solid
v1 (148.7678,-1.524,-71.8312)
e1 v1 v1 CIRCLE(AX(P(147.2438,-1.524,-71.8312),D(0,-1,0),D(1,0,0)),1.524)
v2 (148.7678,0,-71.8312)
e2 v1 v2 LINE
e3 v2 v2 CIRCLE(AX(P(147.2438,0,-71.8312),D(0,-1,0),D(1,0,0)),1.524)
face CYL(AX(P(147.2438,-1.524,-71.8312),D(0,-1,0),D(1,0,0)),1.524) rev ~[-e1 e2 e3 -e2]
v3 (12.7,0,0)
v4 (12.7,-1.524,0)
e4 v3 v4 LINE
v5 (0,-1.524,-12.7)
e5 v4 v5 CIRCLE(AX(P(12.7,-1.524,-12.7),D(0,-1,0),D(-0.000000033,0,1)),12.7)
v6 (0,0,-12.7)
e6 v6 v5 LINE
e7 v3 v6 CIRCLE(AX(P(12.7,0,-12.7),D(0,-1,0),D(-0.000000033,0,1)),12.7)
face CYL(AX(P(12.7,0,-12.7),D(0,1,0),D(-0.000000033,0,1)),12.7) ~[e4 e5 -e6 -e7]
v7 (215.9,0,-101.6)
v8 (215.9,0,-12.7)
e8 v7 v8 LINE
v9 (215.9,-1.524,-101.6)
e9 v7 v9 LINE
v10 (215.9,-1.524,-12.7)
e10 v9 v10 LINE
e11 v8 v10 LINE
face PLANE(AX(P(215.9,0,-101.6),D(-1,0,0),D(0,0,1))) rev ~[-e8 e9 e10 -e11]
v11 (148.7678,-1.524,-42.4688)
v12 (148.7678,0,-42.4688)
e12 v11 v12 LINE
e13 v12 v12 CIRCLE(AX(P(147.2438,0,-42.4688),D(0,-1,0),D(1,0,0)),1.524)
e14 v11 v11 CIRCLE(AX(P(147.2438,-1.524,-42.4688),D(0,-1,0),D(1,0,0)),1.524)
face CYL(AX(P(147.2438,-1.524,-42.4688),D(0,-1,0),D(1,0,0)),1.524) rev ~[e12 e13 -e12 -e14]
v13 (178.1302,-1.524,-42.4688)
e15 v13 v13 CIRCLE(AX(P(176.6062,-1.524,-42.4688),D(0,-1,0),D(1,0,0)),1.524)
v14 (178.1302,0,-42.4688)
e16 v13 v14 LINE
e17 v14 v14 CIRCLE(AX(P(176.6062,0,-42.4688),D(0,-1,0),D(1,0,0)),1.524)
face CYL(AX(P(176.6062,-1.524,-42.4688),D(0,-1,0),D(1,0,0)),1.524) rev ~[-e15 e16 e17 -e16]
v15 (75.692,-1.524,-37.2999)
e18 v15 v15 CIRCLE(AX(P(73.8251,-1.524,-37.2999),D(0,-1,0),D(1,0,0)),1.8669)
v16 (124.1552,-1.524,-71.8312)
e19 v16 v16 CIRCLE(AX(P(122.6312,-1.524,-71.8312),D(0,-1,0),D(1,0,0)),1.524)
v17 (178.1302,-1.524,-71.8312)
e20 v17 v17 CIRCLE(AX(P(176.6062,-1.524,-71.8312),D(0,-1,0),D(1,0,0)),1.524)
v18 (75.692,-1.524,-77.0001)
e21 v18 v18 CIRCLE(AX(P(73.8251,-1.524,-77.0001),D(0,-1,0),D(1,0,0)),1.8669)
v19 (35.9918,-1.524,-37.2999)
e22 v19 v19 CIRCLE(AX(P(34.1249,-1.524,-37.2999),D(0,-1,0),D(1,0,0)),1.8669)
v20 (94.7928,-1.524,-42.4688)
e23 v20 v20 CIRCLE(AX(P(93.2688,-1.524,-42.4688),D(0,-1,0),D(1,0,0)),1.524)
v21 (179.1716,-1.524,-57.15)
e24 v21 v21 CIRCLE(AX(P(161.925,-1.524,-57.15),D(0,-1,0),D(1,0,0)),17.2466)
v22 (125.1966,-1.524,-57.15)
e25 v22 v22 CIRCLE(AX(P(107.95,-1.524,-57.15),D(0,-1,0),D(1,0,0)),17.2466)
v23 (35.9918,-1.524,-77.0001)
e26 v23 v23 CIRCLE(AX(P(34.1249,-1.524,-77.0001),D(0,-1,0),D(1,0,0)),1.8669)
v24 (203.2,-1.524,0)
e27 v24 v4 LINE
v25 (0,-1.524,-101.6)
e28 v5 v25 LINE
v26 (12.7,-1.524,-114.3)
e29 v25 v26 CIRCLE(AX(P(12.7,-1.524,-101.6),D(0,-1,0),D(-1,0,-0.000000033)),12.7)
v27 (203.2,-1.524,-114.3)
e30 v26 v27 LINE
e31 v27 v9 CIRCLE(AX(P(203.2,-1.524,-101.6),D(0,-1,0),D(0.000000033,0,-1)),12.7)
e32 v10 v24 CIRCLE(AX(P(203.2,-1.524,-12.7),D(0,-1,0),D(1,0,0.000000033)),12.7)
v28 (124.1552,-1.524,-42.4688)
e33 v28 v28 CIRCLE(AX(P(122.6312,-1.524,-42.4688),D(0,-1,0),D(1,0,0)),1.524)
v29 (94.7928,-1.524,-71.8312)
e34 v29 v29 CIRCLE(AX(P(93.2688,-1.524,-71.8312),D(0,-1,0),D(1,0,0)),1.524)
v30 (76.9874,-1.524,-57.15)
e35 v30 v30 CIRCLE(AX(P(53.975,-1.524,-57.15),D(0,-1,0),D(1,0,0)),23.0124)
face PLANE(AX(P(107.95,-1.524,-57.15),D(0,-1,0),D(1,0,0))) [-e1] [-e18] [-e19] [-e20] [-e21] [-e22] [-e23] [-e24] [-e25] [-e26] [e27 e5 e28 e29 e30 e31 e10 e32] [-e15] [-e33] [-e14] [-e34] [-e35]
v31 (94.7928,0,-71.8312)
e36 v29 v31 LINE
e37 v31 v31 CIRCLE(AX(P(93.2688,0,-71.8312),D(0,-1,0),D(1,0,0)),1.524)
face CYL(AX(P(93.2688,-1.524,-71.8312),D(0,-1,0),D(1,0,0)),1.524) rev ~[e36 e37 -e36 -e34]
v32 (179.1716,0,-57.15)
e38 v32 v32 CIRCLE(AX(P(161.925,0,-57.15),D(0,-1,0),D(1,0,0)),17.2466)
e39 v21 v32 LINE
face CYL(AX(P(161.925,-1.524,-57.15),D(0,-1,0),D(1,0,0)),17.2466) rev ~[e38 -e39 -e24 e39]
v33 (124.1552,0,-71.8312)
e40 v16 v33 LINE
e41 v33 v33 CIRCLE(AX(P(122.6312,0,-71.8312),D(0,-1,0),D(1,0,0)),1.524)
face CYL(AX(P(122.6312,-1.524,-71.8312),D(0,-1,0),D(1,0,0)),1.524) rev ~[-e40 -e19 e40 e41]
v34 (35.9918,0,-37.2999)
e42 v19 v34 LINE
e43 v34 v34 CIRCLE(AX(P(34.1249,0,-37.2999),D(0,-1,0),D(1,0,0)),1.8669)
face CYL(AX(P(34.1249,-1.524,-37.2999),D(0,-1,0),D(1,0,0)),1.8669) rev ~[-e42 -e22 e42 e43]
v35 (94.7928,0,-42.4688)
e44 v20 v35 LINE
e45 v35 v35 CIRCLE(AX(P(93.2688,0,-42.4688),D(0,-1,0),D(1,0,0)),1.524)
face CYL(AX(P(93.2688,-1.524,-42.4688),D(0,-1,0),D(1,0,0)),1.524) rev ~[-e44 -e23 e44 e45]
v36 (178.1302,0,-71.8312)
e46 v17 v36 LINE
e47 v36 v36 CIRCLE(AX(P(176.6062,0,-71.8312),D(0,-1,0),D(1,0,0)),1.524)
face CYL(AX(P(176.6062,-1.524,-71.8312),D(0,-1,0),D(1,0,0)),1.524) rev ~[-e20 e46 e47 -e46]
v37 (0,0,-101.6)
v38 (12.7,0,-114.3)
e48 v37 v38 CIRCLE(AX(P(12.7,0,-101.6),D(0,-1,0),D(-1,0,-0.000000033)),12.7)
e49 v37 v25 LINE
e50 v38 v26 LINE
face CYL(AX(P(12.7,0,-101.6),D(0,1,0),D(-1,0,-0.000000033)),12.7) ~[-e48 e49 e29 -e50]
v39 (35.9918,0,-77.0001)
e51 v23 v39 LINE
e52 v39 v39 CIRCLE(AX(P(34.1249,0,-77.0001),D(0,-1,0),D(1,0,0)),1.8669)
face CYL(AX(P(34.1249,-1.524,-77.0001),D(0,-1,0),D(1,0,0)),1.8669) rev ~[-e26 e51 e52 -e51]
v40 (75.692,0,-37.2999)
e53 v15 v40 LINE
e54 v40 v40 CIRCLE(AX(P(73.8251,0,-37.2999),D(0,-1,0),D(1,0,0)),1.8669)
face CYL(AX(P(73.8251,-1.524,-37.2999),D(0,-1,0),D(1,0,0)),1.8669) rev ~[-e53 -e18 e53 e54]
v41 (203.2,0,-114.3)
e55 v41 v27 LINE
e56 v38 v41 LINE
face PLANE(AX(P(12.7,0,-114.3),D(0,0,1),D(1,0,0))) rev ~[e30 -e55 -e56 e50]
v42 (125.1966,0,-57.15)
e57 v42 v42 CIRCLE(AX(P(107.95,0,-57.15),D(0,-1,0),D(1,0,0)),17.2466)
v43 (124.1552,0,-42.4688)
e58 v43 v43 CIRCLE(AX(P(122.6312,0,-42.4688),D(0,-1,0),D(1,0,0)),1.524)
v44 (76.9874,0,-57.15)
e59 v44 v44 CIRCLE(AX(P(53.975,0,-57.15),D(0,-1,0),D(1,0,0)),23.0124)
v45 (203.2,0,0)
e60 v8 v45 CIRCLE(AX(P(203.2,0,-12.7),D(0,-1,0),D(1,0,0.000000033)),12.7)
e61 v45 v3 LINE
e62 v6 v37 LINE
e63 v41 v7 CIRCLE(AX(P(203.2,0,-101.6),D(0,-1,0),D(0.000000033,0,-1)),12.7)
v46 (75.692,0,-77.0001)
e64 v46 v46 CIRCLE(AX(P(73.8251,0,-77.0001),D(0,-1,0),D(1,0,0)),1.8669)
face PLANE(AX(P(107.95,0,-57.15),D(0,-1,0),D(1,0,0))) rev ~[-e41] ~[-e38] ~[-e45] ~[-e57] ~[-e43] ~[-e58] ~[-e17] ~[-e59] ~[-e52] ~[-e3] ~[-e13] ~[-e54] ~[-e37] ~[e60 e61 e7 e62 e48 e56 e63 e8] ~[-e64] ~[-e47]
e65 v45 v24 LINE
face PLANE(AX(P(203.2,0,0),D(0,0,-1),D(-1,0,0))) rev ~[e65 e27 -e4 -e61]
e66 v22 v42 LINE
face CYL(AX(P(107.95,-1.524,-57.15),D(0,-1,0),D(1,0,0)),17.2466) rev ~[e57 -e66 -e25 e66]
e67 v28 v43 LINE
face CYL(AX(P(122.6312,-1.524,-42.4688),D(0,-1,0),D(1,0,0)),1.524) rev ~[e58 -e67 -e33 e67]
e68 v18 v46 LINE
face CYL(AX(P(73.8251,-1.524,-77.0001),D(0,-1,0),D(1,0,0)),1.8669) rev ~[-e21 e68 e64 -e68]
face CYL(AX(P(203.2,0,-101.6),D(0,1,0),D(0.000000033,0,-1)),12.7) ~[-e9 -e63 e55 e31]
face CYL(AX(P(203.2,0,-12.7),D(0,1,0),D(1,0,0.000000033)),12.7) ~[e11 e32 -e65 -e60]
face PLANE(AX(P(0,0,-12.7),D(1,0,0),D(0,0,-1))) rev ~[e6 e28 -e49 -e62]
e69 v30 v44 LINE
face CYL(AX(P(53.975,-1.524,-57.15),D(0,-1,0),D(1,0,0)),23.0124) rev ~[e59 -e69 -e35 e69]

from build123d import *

# Parameters (mm, degrees)
F1_DEPTH = 1.524
F2_R     = 23.0124
F2_R_2   = 1.8669
F2_R_3   = 17.2466
F2_R_4   = 1.524
F3_DEPTH = 1.525


with BuildPart() as f1:
    # F0 (on Front) → F1 (new body)
    with BuildSketch(Plane.XZ):
        with BuildLine():
            Line((203.2, 0), (12.7, 0))
            ThreePointArc((12.7, 0), (3.719744, -3.719744), (0, -12.7))
            Line((0, -12.7), (0, -101.6))
            ThreePointArc((0, -101.6), (3.719744, -110.580256), (12.7, -114.3))
            Line((12.7, -114.3), (203.2, -114.3))
            ThreePointArc((203.2, -114.3), (212.180256, -110.580256), (215.9, -101.6))
            Line((215.9, -101.6), (215.9, -12.7))
            ThreePointArc((215.9, -12.7), (212.180256, -3.719744), (203.2, 0))
        make_face()
    extrude(amount=F1_DEPTH)

    # F2 (on face) → F3 (cut, through all)
    with BuildSketch(Plane.XZ.offset(1.524)):
        with Locations((53.975, -57.15)):
            Circle(F2_R)
        with Locations((34.1249, -37.2999)):
            Circle(F2_R_2)
        with Locations((73.8251, -37.2999)):
            Circle(F2_R_2)
        with Locations((73.8251, -77.0001)):
            Circle(F2_R_2)
        with Locations((34.1249, -77.0001)):
            Circle(F2_R_2)
        with Locations((161.925, -57.15)):
            Circle(F2_R_3)
        with Locations((147.2438, -42.4688)):
            Circle(F2_R_4)
        with Locations((176.6062, -42.4688)):
            Circle(F2_R_4)
        with Locations((176.6062, -71.8312)):
            Circle(F2_R_4)
        with Locations((147.2438, -71.8312)):
            Circle(F2_R_4)
        with Locations((107.95, -57.15)):
            Circle(F2_R_3)
        with Locations((93.2688, -42.4688)):
            Circle(F2_R_4)
        with Locations((122.6312, -42.4688)):
            Circle(F2_R_4)
        with Locations((122.6312, -71.8312)):
            Circle(F2_R_4)
        with Locations((93.2688, -71.8312)):
            Circle(F2_R_4)
    extrude(amount=-F3_DEPTH, mode=Mode.SUBTRACT)


solid = f1.part
